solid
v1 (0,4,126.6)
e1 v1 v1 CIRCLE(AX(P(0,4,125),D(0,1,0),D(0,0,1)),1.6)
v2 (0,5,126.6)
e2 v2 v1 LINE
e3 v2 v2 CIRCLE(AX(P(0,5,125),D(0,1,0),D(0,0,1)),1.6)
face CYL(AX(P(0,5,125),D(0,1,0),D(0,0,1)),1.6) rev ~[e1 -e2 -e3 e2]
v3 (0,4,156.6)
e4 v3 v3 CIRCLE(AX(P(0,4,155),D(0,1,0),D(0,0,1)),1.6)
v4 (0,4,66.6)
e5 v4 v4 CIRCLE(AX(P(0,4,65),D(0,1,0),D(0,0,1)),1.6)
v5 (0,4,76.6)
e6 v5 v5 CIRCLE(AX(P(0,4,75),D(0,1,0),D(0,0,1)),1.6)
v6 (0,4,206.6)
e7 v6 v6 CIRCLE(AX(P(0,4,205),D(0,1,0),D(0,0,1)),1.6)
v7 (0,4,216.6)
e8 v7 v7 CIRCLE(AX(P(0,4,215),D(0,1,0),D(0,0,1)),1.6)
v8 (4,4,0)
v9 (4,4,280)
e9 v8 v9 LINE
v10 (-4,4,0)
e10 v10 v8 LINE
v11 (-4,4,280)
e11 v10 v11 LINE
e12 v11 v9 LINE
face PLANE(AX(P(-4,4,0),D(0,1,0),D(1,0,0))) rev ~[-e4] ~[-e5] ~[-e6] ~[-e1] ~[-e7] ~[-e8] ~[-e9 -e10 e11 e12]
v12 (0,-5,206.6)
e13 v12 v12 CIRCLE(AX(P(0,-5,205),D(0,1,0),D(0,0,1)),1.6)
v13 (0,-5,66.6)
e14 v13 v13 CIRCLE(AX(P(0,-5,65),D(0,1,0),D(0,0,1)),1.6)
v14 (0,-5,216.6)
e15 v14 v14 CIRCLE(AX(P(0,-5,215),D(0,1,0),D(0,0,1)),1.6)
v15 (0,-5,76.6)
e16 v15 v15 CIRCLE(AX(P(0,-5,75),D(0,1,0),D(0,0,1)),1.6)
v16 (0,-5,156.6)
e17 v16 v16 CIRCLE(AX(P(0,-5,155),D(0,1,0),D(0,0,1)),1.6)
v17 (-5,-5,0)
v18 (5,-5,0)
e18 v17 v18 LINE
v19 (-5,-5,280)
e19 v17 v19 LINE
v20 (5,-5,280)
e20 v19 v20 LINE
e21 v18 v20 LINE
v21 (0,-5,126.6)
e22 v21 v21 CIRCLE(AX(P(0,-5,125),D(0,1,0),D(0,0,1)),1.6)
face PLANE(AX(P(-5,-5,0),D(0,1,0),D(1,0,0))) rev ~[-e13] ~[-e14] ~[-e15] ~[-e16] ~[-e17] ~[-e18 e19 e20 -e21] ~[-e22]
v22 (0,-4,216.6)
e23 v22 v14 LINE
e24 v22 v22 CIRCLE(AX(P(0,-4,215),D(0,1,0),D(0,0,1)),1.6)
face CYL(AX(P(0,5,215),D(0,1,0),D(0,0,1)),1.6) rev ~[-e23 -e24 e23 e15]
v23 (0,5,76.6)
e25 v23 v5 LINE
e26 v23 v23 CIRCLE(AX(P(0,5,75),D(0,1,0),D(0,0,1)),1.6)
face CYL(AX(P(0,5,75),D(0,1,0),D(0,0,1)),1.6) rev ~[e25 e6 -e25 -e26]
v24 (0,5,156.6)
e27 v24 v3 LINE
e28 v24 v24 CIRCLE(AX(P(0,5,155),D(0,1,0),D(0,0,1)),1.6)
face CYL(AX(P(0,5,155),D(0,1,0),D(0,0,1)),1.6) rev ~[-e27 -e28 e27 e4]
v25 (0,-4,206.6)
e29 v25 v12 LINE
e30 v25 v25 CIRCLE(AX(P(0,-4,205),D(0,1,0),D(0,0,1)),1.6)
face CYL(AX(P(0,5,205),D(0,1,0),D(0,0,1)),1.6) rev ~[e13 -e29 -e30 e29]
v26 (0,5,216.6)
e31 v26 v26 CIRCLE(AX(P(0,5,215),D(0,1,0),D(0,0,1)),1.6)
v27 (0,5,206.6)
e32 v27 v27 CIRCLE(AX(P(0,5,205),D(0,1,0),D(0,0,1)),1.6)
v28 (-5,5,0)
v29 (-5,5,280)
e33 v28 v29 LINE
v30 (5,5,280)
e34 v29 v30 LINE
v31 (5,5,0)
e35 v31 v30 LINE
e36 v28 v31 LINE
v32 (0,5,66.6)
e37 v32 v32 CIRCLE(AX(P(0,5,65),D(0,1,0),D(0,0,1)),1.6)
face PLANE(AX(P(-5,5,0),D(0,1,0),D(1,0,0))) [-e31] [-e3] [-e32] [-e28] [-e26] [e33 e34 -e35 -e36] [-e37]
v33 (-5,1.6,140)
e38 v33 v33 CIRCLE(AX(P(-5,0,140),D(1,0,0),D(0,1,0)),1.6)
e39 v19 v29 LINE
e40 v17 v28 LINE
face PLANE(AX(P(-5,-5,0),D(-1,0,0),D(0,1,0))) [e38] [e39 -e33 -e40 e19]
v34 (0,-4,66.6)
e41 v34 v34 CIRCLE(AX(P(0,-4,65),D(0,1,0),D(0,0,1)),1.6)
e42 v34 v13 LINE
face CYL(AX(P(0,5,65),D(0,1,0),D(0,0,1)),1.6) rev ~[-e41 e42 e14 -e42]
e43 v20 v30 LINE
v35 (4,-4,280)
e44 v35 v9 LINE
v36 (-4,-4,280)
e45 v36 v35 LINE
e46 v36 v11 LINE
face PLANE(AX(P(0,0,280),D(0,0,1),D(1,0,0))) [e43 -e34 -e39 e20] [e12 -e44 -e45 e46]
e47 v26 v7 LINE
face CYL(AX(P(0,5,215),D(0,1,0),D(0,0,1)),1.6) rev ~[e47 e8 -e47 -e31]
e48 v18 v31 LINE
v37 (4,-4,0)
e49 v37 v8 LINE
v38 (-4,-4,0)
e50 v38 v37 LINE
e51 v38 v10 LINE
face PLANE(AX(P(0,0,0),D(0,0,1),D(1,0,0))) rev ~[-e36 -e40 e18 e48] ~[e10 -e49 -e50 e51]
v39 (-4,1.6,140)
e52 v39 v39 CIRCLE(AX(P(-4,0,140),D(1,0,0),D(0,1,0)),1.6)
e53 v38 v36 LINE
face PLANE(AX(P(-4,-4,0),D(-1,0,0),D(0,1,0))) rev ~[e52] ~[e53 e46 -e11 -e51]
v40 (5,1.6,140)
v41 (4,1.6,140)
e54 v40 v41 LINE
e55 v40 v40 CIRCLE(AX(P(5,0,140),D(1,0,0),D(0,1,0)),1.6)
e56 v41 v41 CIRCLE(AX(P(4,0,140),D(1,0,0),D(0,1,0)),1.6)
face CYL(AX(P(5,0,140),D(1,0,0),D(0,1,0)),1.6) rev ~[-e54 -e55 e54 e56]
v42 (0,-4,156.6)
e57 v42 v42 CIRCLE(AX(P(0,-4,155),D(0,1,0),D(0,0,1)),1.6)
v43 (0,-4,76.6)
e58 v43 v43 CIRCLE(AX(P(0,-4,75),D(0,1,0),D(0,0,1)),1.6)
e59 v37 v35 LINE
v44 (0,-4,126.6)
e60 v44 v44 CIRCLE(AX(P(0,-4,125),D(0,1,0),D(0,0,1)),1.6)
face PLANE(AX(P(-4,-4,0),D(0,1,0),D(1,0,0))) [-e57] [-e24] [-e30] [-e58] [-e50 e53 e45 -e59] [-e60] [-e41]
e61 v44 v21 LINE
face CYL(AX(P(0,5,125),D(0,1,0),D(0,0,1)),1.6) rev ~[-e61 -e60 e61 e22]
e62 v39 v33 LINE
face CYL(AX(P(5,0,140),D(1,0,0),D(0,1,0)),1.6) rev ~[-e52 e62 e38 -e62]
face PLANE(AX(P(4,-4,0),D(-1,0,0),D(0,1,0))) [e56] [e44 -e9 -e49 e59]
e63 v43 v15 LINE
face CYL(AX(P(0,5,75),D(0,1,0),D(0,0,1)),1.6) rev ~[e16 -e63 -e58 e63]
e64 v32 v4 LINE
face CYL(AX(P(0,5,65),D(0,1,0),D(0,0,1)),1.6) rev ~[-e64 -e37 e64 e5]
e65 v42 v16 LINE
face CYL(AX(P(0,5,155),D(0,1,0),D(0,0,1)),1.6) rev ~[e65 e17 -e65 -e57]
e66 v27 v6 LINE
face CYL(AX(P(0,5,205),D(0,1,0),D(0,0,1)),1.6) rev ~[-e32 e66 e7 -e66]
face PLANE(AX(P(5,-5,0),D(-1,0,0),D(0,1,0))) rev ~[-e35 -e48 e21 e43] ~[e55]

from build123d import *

# Parameters (mm, degrees)
SKETCH1_W           = 10
SKETCH1_H           = 10
SKETCH1_W_2         = 8
SKETCH1_H_2         = 8
BOSS_EXTRUDE1_DEPTH = 280
CUT_EXTRUDE1_REACH  = 282.223
SKETCH2_R           = 1.6
CUT_EXTRUDE2_REACH  = 282.223
SKETCH3_R           = 1.6


with BuildPart() as part:
    # Sketch1 → Boss-Extrude1 (new body)
    with BuildSketch(Plane.XY):
        Rectangle(SKETCH1_W, SKETCH1_H)
        Rectangle(SKETCH1_W_2, SKETCH1_H_2, mode=Mode.SUBTRACT)
    extrude(amount=BOSS_EXTRUDE1_DEPTH)

    # Cut-Extrude1: up to this face of the body (flat: up to its plane)
    cut_extrude1_end = Plane(part.part.faces().sort_by_distance((-5, 0, 140))[0])
    # Sketch2 → Cut-Extrude1 (cut, up to the picked face)
    with BuildSketch(Plane(origin=(5, 0, 0), x_dir=(0, 0, -1), z_dir=(1, 0, 0)), mode=Mode.PRIVATE) as cut_extrude1_sk1:
        with Locations(Location((-140, 0, 0), (0, 0, 90))):
            Circle(SKETCH2_R)
    cut_extrude1_tool1 = split(extrude(cut_extrude1_sk1.sketch, amount=-CUT_EXTRUDE1_REACH, mode=Mode.PRIVATE), bisect_by=cut_extrude1_end, keep=Keep.BOTH, mode=Mode.PRIVATE)
    add(cut_extrude1_tool1.solids().sort_by(Axis((5, 0, 140), (-1, 0, 0)))[0], mode=Mode.SUBTRACT)

    # Cut-Extrude2: up to this face of the body (flat: up to its plane)
    cut_extrude2_end = Plane(part.part.faces().sort_by_distance((0, -5, 140))[0])
    # Sketch3 → Cut-Extrude2 (cut, up to the picked face)
    with BuildSketch(Plane(origin=(0, 5, 0), x_dir=(1, 0, 0), z_dir=(0, 1, 0)), mode=Mode.PRIVATE) as cut_extrude2_sk1:
        with Locations(Location((0, -65, 0), (0, 0, 270))):
            Circle(SKETCH3_R)
    cut_extrude2_tool1 = split(extrude(cut_extrude2_sk1.sketch, amount=-CUT_EXTRUDE2_REACH, mode=Mode.PRIVATE), bisect_by=cut_extrude2_end, keep=Keep.BOTH, mode=Mode.PRIVATE)
    # Sketch3 → Cut-Extrude2 (cut, up to the picked face)
    with BuildSketch(Plane(origin=(0, 5, 0), x_dir=(1, 0, 0), z_dir=(0, 1, 0)), mode=Mode.PRIVATE) as cut_extrude2_sk2:
        with Locations(Location((0, -75, 0), (0, 0, 270))):
            Circle(SKETCH3_R)
    cut_extrude2_tool2 = split(extrude(cut_extrude2_sk2.sketch, amount=-CUT_EXTRUDE2_REACH, mode=Mode.PRIVATE), bisect_by=cut_extrude2_end, keep=Keep.BOTH, mode=Mode.PRIVATE)
    # Sketch3 → Cut-Extrude2 (cut, up to the picked face)
    with BuildSketch(Plane(origin=(0, 5, 0), x_dir=(1, 0, 0), z_dir=(0, 1, 0)), mode=Mode.PRIVATE) as cut_extrude2_sk3:
        with Locations(Location((0, -205, 0), (0, 0, 270))):
            Circle(SKETCH3_R)
    cut_extrude2_tool3 = split(extrude(cut_extrude2_sk3.sketch, amount=-CUT_EXTRUDE2_REACH, mode=Mode.PRIVATE), bisect_by=cut_extrude2_end, keep=Keep.BOTH, mode=Mode.PRIVATE)
    # Sketch3 → Cut-Extrude2 (cut, up to the picked face)
    with BuildSketch(Plane(origin=(0, 5, 0), x_dir=(1, 0, 0), z_dir=(0, 1, 0)), mode=Mode.PRIVATE) as cut_extrude2_sk4:
        with Locations(Location((0, -215, 0), (0, 0, 270))):
            Circle(SKETCH3_R)
    cut_extrude2_tool4 = split(extrude(cut_extrude2_sk4.sketch, amount=-CUT_EXTRUDE2_REACH, mode=Mode.PRIVATE), bisect_by=cut_extrude2_end, keep=Keep.BOTH, mode=Mode.PRIVATE)
    # Sketch3 → Cut-Extrude2 (cut, up to the picked face)
    with BuildSketch(Plane(origin=(0, 5, 0), x_dir=(1, 0, 0), z_dir=(0, 1, 0)), mode=Mode.PRIVATE) as cut_extrude2_sk5:
        with Locations(Location((0, -125, 0), (0, 0, 270))):
            Circle(SKETCH3_R)
    cut_extrude2_tool5 = split(extrude(cut_extrude2_sk5.sketch, amount=-CUT_EXTRUDE2_REACH, mode=Mode.PRIVATE), bisect_by=cut_extrude2_end, keep=Keep.BOTH, mode=Mode.PRIVATE)
    # Sketch3 → Cut-Extrude2 (cut, up to the picked face)
    with BuildSketch(Plane(origin=(0, 5, 0), x_dir=(1, 0, 0), z_dir=(0, 1, 0)), mode=Mode.PRIVATE) as cut_extrude2_sk6:
        with Locations(Location((0, -155, 0), (0, 0, 270))):
            Circle(SKETCH3_R)
    cut_extrude2_tool6 = split(extrude(cut_extrude2_sk6.sketch, amount=-CUT_EXTRUDE2_REACH, mode=Mode.PRIVATE), bisect_by=cut_extrude2_end, keep=Keep.BOTH, mode=Mode.PRIVATE)
    add(cut_extrude2_tool1.solids().sort_by(Axis((0, 5, 65), (0, -1, 0)))[0], mode=Mode.SUBTRACT)
    add(cut_extrude2_tool2.solids().sort_by(Axis((0, 5, 75), (0, -1, 0)))[0], mode=Mode.SUBTRACT)
    add(cut_extrude2_tool3.solids().sort_by(Axis((0, 5, 205), (0, -1, 0)))[0], mode=Mode.SUBTRACT)
    add(cut_extrude2_tool4.solids().sort_by(Axis((0, 5, 215), (0, -1, 0)))[0], mode=Mode.SUBTRACT)
    add(cut_extrude2_tool5.solids().sort_by(Axis((0, 5, 125), (0, -1, 0)))[0], mode=Mode.SUBTRACT)
    add(cut_extrude2_tool6.solids().sort_by(Axis((0, 5, 155), (0, -1, 0)))[0], mode=Mode.SUBTRACT)


solid = part.part
